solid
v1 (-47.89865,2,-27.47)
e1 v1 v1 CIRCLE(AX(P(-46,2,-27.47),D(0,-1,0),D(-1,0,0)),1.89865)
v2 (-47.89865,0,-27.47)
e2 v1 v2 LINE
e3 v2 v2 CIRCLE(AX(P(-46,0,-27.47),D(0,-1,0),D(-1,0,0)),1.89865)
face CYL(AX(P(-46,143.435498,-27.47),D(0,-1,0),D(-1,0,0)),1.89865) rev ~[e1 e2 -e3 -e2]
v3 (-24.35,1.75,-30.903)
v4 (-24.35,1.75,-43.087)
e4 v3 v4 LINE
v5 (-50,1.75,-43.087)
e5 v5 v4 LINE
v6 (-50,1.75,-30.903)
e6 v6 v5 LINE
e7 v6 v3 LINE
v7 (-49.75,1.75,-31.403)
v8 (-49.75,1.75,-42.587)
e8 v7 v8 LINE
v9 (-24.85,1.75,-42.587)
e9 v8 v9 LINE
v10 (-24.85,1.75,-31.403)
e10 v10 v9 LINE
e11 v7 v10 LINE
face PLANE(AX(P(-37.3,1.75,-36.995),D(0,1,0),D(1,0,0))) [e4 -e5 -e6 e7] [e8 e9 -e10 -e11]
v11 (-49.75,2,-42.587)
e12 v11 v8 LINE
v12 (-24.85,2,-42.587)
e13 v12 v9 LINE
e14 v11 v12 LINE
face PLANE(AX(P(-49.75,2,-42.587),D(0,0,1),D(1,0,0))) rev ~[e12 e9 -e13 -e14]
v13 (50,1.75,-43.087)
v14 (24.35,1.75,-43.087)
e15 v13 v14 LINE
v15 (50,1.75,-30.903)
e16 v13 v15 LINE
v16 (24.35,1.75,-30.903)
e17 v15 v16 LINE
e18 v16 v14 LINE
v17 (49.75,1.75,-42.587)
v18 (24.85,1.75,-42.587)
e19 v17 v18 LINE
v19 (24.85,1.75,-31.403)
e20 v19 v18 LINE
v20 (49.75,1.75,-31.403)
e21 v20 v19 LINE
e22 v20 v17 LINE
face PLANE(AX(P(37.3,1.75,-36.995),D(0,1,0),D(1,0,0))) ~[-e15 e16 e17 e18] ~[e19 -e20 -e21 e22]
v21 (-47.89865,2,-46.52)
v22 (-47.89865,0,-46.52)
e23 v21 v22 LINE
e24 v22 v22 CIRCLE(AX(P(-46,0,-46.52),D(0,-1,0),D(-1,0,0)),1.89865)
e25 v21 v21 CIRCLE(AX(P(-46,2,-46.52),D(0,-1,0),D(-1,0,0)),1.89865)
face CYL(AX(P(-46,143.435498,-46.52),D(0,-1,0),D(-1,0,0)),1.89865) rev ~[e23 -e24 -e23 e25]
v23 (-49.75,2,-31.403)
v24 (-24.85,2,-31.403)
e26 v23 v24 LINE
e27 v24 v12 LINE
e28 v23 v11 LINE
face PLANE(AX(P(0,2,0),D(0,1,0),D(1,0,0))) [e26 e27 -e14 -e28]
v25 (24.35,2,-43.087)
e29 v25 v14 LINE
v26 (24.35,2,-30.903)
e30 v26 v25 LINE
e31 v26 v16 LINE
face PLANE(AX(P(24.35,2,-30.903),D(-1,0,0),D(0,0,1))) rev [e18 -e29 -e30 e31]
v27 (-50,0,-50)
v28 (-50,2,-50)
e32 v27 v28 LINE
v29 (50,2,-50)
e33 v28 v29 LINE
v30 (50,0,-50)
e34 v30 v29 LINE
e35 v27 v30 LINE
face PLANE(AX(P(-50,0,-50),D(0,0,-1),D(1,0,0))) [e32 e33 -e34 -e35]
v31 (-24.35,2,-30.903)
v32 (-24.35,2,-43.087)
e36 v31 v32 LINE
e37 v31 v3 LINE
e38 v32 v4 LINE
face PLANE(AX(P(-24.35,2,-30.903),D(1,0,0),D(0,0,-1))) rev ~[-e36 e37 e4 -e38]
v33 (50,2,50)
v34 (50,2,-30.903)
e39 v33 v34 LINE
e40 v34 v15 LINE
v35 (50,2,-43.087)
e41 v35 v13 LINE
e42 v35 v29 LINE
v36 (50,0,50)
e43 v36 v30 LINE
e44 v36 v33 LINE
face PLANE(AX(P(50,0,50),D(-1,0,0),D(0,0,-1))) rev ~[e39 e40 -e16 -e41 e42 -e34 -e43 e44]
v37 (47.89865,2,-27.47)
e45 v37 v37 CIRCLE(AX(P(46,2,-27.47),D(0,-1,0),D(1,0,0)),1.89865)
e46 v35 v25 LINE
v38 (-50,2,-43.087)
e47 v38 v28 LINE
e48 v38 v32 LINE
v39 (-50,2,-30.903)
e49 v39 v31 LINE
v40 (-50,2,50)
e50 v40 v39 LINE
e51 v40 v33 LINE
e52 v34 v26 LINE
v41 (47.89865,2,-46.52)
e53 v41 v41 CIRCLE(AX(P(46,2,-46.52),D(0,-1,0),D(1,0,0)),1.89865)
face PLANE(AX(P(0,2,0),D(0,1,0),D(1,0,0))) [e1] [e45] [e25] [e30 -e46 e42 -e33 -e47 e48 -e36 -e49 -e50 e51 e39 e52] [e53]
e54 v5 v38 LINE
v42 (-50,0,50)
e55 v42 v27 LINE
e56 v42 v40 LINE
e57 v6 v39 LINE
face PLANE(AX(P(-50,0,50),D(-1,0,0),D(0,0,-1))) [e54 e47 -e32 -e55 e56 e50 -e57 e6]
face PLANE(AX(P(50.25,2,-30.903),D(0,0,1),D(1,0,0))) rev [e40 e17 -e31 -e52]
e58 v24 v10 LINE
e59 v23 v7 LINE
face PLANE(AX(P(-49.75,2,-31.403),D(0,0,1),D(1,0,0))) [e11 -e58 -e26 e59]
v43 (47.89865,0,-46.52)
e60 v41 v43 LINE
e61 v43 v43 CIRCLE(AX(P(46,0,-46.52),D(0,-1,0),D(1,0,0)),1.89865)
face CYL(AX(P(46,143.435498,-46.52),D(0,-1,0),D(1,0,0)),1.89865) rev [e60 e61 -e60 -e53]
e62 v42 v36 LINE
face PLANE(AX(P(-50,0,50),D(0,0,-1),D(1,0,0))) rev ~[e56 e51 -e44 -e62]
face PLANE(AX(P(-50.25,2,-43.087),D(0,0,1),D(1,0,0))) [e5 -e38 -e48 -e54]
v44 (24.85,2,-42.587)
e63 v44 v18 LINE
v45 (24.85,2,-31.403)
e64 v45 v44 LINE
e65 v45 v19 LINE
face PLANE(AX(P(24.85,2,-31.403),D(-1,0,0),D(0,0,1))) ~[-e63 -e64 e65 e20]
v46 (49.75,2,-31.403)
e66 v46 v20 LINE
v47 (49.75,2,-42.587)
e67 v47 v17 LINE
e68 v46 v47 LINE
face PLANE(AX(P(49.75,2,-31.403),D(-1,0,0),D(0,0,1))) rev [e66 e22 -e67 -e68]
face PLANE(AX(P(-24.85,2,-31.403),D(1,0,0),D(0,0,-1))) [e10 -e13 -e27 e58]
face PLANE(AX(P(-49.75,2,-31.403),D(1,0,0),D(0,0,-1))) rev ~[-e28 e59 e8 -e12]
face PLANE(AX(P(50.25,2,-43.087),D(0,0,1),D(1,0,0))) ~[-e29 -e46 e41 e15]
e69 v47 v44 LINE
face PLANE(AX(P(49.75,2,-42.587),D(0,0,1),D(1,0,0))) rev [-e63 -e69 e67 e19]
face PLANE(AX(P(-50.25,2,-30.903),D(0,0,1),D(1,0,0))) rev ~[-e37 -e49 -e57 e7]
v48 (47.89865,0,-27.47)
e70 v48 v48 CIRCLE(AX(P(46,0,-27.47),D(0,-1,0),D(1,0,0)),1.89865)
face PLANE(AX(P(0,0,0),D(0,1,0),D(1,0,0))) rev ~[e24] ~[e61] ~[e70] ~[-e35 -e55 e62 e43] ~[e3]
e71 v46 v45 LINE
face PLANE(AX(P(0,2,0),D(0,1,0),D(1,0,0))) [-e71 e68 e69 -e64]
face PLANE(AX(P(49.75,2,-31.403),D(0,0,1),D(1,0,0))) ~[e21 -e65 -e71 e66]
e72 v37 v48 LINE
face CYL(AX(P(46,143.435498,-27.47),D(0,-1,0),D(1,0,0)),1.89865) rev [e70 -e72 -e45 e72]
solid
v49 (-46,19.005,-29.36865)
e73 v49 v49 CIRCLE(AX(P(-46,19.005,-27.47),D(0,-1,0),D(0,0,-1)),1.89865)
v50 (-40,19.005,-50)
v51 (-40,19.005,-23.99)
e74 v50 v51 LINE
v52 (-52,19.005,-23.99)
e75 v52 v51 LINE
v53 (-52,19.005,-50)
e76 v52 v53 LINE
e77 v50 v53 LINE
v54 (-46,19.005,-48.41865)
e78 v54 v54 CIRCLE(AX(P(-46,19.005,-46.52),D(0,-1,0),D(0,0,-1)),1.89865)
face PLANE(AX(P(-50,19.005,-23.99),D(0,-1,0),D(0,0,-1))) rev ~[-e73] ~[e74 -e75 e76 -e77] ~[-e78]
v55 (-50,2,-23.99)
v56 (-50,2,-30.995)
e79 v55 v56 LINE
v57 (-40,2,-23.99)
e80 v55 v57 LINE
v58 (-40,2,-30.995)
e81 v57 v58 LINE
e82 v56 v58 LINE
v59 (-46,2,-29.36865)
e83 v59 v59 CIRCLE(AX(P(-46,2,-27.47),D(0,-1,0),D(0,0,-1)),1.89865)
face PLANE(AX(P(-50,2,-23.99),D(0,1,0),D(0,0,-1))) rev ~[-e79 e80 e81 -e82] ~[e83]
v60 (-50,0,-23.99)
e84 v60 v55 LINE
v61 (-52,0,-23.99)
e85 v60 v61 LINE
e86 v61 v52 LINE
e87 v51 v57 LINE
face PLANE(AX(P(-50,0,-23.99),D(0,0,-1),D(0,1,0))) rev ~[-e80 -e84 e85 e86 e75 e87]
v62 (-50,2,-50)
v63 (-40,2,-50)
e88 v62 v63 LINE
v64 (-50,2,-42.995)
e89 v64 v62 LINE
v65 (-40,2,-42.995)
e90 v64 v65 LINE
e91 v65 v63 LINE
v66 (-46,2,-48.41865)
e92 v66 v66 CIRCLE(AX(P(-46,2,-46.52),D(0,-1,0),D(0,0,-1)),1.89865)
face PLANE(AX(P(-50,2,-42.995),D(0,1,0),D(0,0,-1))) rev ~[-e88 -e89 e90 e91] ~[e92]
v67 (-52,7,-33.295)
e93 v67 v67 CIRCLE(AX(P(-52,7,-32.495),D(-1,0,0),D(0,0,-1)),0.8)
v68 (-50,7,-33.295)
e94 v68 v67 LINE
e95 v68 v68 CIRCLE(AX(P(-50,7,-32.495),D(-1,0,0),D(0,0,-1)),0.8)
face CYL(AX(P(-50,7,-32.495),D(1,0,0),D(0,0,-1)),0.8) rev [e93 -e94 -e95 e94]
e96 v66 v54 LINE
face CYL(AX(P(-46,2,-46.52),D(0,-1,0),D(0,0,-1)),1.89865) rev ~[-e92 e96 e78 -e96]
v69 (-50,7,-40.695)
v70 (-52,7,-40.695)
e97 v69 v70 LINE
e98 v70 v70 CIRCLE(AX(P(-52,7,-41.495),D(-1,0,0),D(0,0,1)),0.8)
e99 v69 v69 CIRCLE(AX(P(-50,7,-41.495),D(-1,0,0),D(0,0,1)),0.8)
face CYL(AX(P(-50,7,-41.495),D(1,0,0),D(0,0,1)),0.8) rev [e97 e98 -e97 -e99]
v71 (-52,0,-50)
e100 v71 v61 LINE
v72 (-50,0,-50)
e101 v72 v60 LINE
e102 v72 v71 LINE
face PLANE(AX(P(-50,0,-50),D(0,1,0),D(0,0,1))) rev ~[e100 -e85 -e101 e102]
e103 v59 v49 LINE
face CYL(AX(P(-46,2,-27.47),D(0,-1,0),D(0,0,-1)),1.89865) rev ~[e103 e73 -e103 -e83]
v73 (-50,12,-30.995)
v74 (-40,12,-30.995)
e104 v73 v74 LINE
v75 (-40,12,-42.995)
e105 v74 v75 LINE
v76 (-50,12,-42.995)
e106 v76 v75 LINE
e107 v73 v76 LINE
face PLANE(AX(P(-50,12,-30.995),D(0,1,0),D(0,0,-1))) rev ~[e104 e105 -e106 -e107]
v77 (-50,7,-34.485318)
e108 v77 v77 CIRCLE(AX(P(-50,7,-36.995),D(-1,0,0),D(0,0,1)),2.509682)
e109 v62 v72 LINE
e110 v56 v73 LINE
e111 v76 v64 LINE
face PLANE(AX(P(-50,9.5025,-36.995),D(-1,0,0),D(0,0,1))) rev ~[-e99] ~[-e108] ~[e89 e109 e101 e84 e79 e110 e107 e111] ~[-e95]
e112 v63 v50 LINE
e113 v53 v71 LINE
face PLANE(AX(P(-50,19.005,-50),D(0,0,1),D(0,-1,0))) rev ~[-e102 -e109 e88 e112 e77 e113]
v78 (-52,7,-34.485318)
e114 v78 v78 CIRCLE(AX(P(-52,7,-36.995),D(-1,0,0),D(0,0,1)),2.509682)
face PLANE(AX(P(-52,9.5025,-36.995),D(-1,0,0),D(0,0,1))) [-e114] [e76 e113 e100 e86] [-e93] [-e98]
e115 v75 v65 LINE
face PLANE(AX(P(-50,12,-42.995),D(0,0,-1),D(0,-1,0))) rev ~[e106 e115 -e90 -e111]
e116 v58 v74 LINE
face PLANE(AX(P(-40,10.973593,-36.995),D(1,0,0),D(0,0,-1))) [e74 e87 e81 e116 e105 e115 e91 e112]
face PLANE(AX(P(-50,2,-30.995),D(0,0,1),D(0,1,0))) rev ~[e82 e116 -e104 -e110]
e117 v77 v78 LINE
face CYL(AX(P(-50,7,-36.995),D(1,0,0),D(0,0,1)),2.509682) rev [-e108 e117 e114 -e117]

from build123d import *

# Parameters (mm, degrees)
SKETCH1_W             = 100
SKETCH1_H             = 100
BOSS_EXTRUDE1_DEPTH   = 2
F_6_CLEARANCE_HOLE1_D = 3.7973
SKETCH5_W             = 25.9
SKETCH5_H             = 12.184
SKETCH5_W_2           = 24.9
SKETCH5_H_2           = 11.184
CUT_EXTRUDE1_DEPTH    = 0.25
BOSS_EXTRUDE2_DEPTH   = 10
SKETCH9_R             = 1.89865
CUT_EXTRUDE2_DEPTH    = 73.726680283
SKETCH12_R            = 0.8
SKETCH12_R_2          = 2.509681558
BOSS_EXTRUDE3_DEPTH   = 2


with BuildPart() as part:
    # Sketch1 → Boss-Extrude1 (new body)
    with BuildSketch(Plane(origin=(0, 0, 0), x_dir=(1, 0, 0), z_dir=(0, 1, 0))):
        Rectangle(SKETCH1_W, SKETCH1_H)
    extrude(amount=BOSS_EXTRUDE1_DEPTH)

    # #6 Clearance Hole1 (through all)
    with Locations(Plane(origin=(0, 2, 0), x_dir=(1, 0, 0), z_dir=(0, 1, 0))):
        with Locations((-46, 27.47), (-46, 46.52)):
            f_6_clearance_hole1 = Hole(F_6_CLEARANCE_HOLE1_D / 2)

    # Sketch5 → Cut-Extrude1 (cut)
    with BuildSketch(Plane(origin=(0, 2, 0), x_dir=(1, 0, 0), z_dir=(0, 1, 0))):
        with Locations((-37.3, 36.995)):
            Rectangle(SKETCH5_W, SKETCH5_H)
        with Locations((-37.3, 36.995)):
            Rectangle(SKETCH5_W_2, SKETCH5_H_2, mode=Mode.SUBTRACT)
    cut_extrude1 = extrude(amount=-CUT_EXTRUDE1_DEPTH, mode=Mode.SUBTRACT)

    # Mirror1: #6 Clearance Hole1, Cut-Extrude1 across plane
    add(f_6_clearance_hole1.mirror(Plane(origin=(0, 0, 0), x_dir=(0, 0, 1), z_dir=(1, 0, 0))), mode=Mode.SUBTRACT)
    add(cut_extrude1.mirror(Plane(origin=(0, 0, 0), x_dir=(0, 0, 1), z_dir=(1, 0, 0))), mode=Mode.SUBTRACT)


with BuildPart() as body_2:
    # Sketch6 → Boss-Extrude2 (new body)
    with BuildSketch(Plane.ZY.offset(50)):
        Polygon((-30.995, 12), (-42.995, 12), (-42.995, 2), (-50, 2), (-50, 19.005), (-23.99, 19.005), (-23.99, 2), (-30.995, 2), align=None)
    extrude(amount=-BOSS_EXTRUDE2_DEPTH)

    # Sketch9 → Cut-Extrude2 (cut, through all)
    with BuildSketch(Plane.XZ.offset(-2)):
        with Locations(Location((-46, -27.47, 0), (0, 0, 270))):
            Circle(SKETCH9_R)
        with Locations(Location((-46, -46.52, 0), (0, 0, 270))):
            Circle(SKETCH9_R)
    extrude(amount=-CUT_EXTRUDE2_DEPTH, mode=Mode.SUBTRACT)

    # Sketch12 → Boss-Extrude3 (add)
    with BuildSketch(Plane.ZY.offset(50)):
        Polygon((-23.99, 2), (-23.99, 19.005), (-50, 19.005), (-50, 2), (-50, 0), (-23.99, 0), align=None)
        with Locations((-41.495, 7)):
            Circle(SKETCH12_R, mode=Mode.SUBTRACT)
        with Locations(Location((-32.495, 7, 0), (0, 0, 180))):
            Circle(SKETCH12_R, mode=Mode.SUBTRACT)
        with Locations((-36.995, 7)):
            Circle(SKETCH12_R_2, mode=Mode.SUBTRACT)
    extrude(amount=BOSS_EXTRUDE3_DEPTH)


solid = Compound([part.part, body_2.part])
